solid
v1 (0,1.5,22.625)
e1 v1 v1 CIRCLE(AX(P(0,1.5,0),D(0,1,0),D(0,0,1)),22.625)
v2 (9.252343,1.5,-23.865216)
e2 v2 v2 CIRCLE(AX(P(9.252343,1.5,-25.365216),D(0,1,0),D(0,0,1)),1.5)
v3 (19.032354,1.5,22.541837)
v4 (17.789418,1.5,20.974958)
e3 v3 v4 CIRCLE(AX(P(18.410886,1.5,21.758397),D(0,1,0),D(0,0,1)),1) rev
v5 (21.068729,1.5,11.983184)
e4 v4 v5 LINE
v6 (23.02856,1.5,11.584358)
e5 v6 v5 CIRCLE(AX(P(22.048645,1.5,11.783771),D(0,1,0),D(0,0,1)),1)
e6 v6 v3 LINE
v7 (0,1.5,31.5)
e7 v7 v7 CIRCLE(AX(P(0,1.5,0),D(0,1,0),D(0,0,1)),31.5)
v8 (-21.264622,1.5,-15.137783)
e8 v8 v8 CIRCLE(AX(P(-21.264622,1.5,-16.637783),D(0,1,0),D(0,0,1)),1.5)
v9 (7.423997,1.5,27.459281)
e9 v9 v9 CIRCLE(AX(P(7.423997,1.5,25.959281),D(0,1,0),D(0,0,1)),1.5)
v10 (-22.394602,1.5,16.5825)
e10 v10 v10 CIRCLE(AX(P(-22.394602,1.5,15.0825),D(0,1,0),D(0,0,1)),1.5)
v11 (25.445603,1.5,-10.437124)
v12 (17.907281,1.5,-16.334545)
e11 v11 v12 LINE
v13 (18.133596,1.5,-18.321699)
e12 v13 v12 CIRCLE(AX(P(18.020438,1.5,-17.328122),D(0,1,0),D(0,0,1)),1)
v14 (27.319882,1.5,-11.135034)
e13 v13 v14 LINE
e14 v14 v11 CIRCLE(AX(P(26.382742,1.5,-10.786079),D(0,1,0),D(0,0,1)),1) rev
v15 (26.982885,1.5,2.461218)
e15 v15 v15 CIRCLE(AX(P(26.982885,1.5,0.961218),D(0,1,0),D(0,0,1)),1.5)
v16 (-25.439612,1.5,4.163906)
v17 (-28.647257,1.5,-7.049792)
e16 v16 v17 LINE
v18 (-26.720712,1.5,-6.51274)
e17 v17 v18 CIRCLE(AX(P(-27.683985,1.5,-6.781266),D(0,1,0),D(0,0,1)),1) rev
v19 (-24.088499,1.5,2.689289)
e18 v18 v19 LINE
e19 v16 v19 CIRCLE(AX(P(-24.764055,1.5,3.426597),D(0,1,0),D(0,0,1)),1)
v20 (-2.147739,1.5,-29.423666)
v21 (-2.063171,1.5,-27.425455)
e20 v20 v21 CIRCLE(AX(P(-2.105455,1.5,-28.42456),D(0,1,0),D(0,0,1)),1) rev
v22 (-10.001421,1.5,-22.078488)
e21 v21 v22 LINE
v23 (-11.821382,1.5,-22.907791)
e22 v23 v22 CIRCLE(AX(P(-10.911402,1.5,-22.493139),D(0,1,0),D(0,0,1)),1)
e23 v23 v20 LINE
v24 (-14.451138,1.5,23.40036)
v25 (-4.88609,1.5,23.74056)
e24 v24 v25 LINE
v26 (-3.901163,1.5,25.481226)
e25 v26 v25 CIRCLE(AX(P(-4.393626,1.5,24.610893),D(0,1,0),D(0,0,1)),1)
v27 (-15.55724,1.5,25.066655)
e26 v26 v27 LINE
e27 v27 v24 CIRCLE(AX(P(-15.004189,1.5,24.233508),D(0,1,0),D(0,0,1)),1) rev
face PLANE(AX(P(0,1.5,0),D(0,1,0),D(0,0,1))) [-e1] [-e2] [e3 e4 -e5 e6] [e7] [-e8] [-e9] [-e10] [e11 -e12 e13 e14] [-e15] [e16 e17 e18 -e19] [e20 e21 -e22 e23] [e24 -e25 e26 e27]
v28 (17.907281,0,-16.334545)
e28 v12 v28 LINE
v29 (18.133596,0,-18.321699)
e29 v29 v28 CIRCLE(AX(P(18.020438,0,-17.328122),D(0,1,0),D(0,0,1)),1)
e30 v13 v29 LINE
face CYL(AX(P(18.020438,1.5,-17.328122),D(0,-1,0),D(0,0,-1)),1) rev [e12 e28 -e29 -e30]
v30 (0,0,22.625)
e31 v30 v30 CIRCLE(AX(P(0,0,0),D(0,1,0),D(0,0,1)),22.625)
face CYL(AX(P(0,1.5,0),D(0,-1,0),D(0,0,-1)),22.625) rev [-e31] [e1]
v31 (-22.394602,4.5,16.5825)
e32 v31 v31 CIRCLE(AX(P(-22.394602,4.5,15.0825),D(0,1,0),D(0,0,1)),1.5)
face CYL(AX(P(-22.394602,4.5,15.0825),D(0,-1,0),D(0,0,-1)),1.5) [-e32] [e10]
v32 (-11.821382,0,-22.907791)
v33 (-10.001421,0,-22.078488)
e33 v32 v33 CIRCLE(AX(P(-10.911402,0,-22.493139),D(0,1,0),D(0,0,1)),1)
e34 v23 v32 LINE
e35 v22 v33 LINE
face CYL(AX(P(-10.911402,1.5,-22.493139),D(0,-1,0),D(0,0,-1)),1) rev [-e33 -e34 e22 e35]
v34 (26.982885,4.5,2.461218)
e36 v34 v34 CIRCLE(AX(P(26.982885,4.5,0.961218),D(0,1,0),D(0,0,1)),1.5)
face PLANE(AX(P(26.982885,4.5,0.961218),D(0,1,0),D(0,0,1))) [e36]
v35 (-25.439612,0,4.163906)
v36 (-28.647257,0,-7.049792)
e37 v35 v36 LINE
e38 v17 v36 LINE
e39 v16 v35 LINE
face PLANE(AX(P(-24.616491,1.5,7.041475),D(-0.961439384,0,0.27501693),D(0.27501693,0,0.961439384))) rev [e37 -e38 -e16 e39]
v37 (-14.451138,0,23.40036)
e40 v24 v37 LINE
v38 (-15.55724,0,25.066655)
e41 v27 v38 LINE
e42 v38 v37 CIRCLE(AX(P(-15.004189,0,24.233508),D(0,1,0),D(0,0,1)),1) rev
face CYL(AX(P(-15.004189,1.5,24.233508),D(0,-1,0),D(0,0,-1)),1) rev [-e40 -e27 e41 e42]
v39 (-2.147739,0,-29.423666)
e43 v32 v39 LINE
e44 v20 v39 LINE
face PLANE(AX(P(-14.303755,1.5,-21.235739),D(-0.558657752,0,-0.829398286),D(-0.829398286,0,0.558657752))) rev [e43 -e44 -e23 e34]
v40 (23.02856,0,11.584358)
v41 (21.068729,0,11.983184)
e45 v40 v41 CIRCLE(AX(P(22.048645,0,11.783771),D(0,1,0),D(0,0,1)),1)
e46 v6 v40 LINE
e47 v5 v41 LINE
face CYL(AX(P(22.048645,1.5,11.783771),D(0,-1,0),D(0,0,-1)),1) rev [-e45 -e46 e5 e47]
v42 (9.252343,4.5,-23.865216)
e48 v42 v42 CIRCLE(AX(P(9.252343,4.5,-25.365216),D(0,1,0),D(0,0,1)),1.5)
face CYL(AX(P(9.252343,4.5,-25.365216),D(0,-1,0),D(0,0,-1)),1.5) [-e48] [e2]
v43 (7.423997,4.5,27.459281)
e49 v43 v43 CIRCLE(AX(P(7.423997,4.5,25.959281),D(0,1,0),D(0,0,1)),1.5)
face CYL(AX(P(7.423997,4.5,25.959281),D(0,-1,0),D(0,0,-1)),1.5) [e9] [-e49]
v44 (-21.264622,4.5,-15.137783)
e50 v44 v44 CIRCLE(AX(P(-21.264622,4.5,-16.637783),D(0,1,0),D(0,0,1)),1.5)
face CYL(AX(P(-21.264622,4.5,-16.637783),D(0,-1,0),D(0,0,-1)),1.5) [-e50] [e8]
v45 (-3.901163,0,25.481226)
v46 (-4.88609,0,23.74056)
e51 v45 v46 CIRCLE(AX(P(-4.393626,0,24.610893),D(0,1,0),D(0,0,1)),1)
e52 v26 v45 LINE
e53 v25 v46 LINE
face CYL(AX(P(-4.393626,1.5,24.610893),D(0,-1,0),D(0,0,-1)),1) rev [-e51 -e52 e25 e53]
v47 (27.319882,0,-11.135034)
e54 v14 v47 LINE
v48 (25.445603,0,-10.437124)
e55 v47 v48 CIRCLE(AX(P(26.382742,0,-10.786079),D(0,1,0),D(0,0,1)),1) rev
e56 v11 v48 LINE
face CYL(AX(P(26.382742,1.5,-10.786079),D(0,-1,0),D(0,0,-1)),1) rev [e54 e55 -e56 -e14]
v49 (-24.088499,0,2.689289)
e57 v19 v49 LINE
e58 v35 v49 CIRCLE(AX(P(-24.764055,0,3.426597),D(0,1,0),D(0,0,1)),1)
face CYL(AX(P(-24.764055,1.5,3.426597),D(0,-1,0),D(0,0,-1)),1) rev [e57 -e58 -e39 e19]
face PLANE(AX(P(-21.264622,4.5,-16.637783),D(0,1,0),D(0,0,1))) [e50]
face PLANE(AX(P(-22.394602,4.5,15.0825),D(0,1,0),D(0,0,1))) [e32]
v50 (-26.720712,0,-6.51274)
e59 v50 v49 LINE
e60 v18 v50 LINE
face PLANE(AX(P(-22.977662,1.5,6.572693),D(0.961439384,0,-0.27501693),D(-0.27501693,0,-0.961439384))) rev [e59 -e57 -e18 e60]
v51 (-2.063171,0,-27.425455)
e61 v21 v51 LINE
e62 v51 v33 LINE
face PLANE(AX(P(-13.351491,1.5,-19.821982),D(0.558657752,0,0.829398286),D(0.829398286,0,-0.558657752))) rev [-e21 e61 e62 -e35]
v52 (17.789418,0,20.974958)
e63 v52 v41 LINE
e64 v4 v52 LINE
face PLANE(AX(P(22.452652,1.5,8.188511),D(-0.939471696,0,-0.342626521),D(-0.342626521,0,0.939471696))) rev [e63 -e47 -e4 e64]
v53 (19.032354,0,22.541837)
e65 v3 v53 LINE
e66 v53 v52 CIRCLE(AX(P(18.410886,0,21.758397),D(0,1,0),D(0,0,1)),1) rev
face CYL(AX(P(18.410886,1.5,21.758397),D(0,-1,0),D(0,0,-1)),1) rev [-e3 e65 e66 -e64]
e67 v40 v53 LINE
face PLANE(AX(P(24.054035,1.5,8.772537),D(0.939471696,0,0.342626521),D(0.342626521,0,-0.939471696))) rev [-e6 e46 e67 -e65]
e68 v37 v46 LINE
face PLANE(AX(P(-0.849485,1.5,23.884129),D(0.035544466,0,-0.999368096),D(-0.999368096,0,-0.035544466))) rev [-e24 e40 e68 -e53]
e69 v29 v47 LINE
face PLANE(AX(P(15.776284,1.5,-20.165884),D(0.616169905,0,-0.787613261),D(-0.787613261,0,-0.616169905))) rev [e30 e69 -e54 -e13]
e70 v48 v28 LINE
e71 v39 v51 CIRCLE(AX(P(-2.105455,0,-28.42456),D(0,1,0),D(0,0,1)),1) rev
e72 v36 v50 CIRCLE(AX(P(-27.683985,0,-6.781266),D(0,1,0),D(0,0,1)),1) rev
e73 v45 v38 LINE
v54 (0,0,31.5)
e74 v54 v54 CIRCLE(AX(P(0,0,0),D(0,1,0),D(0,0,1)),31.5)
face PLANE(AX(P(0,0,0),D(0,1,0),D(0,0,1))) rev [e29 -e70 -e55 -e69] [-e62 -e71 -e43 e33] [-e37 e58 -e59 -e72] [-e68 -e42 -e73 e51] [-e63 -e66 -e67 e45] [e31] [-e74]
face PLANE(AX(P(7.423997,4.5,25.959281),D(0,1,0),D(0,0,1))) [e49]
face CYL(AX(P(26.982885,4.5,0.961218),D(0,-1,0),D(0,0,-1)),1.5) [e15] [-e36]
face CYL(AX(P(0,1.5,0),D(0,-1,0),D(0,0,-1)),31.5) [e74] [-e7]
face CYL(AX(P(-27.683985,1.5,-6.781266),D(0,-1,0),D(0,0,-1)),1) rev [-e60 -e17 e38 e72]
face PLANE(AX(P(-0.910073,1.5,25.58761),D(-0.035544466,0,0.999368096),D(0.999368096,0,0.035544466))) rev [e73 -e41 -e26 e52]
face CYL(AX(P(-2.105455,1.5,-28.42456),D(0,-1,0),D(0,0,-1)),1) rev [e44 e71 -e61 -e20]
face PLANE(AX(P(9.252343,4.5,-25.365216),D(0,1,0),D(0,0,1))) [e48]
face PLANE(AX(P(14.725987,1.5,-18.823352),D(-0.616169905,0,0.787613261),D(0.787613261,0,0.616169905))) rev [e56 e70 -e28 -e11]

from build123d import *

# Parameters (mm, degrees)
SKETCH1_R           = 31.5
SKETCH1_R_2         = 22.625
BOSS_EXTRUDE1_DEPTH = 1.5
SKETCH2_R           = 1.5
BOSS_EXTRUDE2_DEPTH = 3


with BuildPart() as part:
    # Sketch1 → Boss-Extrude1 (new body)
    with BuildSketch(Plane(origin=(0, 0, 0), x_dir=(1, 0, 0), z_dir=(0, 1, 0))):
        with Locations(Location((0, 0, 0), (0, 0, 270))):
            Circle(SKETCH1_R)
        with Locations(Location((0, 0, 0), (0, 0, 270))):
            Circle(SKETCH1_R_2, mode=Mode.SUBTRACT)
        with BuildLine():
            Line((25.445602695, 10.437123544), (17.907280569, 16.334544855))
            ThreePointArc((17.907280569, 16.334544855), (17.026861096, 17.44127949), (18.13359573, 18.321698963))
            Line((18.13359573, 18.321698963), (27.319881621, 11.135033644))
            ThreePointArc((27.319881621, 11.135033644), (26.731697208, 9.848939131), (25.445602695, 10.437123544))
        make_face(mode=Mode.SUBTRACT)
        with BuildLine():
            Line((-11.821381939, 22.907790728), (-2.147738601, 29.423666069))
            ThreePointArc((-2.147738601, 29.423666069), (-1.106349013, 28.466844389), (-2.063170693, 27.425454801))
            Line((-2.063170693, 27.425454801), (-10.001421306, 22.07848783))
            ThreePointArc((-10.001421306, 22.07848783), (-11.326053072, 21.583158963), (-11.821381939, 22.907790728))
        make_face(mode=Mode.SUBTRACT)
        with BuildLine():
            Line((17.789418023, -20.974957706), (21.068729344, -11.983183919))
            ThreePointArc((21.068729344, -11.983183919), (21.849231951, -10.803855431), (23.028560438, -11.584358037))
            Line((23.028560438, -11.584358037), (19.032354011, -22.541836811))
            ThreePointArc((19.032354011, -22.541836811), (17.627446465, -22.379865253), (17.789418023, -20.974957706))
        make_face(mode=Mode.SUBTRACT)
        with BuildLine():
            Line((-14.451137717, -23.400360319), (-4.886089735, -23.74055981))
            ThreePointArc((-4.886089735, -23.74055981), (-3.523293122, -24.118429356), (-3.901162667, -25.481225968))
            Line((-3.901162667, -25.481225968), (-15.557239956, -25.066654962))
            ThreePointArc((-15.557239956, -25.066654962), (-15.837336158, -23.680456521), (-14.451137717, -23.400360319))
        make_face(mode=Mode.SUBTRACT)
        with BuildLine():
            Line((-26.720712308, 6.51273968), (-24.088498872, -2.689288956))
            ThreePointArc((-24.088498872, -2.689288956), (-24.026746852, -4.102153666), (-25.439611562, -4.163905686))
            Line((-25.439611562, -4.163905686), (-28.647257075, 7.04979206))
            ThreePointArc((-28.647257075, 7.04979206), (-27.415458501, 7.744538254), (-26.720712308, 6.51273968))
        make_face(mode=Mode.SUBTRACT)
    extrude(amount=BOSS_EXTRUDE1_DEPTH)

    # Sketch2 → Boss-Extrude2 (add)
    with BuildSketch(Plane(origin=(0, 1.5, 0), x_dir=(1, 0, 0), z_dir=(0, 1, 0))):
        with Locations(Location((-21.264622422, 16.637783303, 0), (0, 0, 270))):
            Circle(SKETCH2_R)
        with Locations(Location((9.252342519, 25.365215511, 0), (0, 0, 270))):
            Circle(SKETCH2_R)
        with Locations(Location((26.982884575, -0.961217985, 0), (0, 0, 270))):
            Circle(SKETCH2_R)
        with Locations(Location((7.423997262, -25.959280896, 0), (0, 0, 270))):
            Circle(SKETCH2_R)
        with Locations(Location((-22.394601934, -15.082499932, 0), (0, 0, 270))):
            Circle(SKETCH2_R)
    extrude(amount=BOSS_EXTRUDE2_DEPTH)


solid = part.part
